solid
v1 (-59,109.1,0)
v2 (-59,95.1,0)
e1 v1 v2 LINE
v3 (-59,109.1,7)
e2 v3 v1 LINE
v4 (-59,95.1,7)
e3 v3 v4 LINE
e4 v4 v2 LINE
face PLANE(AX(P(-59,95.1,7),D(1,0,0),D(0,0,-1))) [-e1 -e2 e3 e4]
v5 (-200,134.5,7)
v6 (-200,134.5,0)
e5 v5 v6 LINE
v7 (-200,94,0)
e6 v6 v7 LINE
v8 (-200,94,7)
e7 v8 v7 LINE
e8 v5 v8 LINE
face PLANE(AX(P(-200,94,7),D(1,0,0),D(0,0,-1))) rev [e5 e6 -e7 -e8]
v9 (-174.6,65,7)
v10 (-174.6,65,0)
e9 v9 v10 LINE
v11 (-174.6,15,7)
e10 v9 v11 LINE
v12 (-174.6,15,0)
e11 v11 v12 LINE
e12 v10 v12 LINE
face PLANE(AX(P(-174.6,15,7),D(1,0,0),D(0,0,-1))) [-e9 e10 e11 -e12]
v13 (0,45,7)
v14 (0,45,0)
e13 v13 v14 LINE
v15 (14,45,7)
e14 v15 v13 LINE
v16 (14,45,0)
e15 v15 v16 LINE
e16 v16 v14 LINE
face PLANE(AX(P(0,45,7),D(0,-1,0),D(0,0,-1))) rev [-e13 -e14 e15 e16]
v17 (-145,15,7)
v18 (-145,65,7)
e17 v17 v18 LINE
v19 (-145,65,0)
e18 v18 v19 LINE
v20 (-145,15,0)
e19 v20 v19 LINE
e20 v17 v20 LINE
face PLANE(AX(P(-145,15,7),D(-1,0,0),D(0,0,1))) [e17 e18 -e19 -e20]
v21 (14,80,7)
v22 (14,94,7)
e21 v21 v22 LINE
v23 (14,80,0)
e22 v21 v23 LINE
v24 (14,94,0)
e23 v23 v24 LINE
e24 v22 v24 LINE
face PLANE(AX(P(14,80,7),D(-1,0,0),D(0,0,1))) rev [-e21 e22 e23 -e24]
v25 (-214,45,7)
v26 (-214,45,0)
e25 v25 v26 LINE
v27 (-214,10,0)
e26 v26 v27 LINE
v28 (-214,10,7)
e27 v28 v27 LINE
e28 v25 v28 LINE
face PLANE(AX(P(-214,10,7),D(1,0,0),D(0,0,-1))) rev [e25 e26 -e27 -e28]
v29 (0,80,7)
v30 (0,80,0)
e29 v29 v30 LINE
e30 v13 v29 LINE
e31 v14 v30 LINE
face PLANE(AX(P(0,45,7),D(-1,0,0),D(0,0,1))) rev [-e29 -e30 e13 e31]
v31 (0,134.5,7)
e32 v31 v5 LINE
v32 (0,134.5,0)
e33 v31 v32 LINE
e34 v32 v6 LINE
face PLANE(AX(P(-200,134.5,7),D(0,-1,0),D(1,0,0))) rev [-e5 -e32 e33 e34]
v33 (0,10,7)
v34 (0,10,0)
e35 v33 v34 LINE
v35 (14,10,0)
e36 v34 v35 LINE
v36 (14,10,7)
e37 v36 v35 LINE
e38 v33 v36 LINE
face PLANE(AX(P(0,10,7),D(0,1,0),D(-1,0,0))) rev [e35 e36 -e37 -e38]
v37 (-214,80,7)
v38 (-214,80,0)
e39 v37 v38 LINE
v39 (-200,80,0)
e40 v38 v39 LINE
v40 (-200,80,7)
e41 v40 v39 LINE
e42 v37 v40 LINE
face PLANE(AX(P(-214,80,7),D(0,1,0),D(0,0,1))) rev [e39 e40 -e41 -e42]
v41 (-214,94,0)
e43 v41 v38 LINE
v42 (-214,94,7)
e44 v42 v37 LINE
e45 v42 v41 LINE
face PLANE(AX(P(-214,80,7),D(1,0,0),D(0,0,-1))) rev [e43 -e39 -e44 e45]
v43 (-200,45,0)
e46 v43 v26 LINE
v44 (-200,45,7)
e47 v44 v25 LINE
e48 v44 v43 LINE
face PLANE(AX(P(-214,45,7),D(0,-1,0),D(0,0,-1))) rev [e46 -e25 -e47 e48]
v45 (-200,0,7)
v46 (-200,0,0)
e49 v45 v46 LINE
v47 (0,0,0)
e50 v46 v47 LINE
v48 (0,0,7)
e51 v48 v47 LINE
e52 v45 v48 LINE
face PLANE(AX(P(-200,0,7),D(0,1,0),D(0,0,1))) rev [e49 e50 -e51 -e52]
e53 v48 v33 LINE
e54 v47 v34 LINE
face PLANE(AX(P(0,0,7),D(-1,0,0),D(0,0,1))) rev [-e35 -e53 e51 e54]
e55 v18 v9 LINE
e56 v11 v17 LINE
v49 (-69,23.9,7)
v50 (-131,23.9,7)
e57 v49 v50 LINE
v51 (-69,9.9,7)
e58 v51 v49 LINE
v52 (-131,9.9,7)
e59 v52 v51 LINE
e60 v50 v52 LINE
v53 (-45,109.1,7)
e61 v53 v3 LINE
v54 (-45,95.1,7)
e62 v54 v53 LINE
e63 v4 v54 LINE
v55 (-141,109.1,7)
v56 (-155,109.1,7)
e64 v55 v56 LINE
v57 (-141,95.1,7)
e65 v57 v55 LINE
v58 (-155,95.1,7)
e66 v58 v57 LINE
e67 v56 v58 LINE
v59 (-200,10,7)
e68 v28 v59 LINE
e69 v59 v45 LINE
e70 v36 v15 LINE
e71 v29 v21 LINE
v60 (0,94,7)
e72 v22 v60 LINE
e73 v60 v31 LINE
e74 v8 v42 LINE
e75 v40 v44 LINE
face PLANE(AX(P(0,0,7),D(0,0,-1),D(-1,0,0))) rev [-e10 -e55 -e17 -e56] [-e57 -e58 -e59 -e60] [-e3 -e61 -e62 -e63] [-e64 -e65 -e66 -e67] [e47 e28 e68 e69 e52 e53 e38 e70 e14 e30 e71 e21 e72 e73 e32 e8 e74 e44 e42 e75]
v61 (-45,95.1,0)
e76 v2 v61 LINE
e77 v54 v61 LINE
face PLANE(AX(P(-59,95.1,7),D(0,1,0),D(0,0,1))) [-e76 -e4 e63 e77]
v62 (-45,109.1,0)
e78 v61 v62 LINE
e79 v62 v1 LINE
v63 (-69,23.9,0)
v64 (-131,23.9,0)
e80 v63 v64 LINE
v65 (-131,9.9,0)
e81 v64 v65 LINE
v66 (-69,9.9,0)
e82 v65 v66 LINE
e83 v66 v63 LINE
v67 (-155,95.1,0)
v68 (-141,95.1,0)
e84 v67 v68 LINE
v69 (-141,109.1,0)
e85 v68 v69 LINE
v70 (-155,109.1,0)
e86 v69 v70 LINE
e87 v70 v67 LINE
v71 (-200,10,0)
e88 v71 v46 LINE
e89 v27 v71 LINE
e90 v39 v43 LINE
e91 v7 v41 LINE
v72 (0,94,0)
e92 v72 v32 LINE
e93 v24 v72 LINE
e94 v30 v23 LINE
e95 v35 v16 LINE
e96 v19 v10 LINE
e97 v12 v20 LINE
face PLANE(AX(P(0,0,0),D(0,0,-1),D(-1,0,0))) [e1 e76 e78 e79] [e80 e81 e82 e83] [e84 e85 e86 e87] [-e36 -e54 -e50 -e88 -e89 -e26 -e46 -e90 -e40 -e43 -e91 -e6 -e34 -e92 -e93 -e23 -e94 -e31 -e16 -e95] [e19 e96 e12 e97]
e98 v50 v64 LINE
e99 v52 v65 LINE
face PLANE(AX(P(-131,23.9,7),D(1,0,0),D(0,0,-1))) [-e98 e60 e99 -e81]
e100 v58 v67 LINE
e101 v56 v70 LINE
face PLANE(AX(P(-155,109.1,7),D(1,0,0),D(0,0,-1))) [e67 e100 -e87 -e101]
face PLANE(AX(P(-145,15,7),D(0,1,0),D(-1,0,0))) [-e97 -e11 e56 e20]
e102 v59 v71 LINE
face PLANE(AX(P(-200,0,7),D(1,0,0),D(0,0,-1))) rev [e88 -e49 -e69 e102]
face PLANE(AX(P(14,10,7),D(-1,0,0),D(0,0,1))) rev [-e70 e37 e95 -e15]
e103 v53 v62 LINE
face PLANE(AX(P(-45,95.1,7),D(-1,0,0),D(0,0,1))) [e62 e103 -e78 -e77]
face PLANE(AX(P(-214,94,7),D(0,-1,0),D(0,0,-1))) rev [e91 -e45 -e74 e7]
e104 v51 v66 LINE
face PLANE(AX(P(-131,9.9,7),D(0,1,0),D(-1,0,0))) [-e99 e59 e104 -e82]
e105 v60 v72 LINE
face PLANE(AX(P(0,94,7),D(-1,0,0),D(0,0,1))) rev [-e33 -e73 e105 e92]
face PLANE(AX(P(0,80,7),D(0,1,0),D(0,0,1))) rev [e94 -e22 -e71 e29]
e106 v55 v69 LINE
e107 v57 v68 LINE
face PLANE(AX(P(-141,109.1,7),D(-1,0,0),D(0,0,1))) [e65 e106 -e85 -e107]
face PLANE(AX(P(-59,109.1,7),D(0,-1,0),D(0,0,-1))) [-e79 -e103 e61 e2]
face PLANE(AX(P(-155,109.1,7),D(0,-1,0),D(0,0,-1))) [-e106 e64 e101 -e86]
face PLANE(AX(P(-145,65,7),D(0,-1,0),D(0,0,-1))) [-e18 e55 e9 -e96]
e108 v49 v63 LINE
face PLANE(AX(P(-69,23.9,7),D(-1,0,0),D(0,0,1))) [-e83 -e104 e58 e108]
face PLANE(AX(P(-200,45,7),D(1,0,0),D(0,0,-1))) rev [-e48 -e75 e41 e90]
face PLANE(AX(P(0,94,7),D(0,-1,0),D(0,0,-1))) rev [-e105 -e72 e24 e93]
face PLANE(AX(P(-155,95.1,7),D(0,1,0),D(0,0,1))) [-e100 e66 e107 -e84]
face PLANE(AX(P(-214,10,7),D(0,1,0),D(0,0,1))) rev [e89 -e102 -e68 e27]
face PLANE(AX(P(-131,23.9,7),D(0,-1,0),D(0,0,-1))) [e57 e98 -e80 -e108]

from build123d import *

# Parameters (mm, degrees)
SKETCH1_W           = 14
SKETCH1_H           = 14
SKETCH1_W_2         = 29.6
SKETCH1_H_2         = 50
SKETCH1_W_3         = 62
BOSS_EXTRUDE1_DEPTH = 7


with BuildPart() as part:
    # Sketch1 → Boss-Extrude1 (new body)
    with BuildSketch(Plane.XY):
        Polygon((-200, 45), (-200, 80), (-214, 80), (-214, 94), (-200, 94), (-200, 134.5), (0, 134.5), (0, 94), (14, 94), (14, 80), (0, 80), (0, 45), (14, 45), (14, 10), (0, 10), (0, 0), (-200, 0), (-200, 10), (-214, 10), (-214, 45), align=None)
        with Locations((-148, 102.1)):
            Rectangle(SKETCH1_W, SKETCH1_H, mode=Mode.SUBTRACT)
        with Locations((-52, 102.1)):
            Rectangle(SKETCH1_W, SKETCH1_H, mode=Mode.SUBTRACT)
        with Locations((-159.8, 40)):
            Rectangle(SKETCH1_W_2, SKETCH1_H_2, mode=Mode.SUBTRACT)
        with Locations((-100, 16.9)):
            Rectangle(SKETCH1_W_3, SKETCH1_H, mode=Mode.SUBTRACT)
    extrude(amount=BOSS_EXTRUDE1_DEPTH)


solid = part.part
